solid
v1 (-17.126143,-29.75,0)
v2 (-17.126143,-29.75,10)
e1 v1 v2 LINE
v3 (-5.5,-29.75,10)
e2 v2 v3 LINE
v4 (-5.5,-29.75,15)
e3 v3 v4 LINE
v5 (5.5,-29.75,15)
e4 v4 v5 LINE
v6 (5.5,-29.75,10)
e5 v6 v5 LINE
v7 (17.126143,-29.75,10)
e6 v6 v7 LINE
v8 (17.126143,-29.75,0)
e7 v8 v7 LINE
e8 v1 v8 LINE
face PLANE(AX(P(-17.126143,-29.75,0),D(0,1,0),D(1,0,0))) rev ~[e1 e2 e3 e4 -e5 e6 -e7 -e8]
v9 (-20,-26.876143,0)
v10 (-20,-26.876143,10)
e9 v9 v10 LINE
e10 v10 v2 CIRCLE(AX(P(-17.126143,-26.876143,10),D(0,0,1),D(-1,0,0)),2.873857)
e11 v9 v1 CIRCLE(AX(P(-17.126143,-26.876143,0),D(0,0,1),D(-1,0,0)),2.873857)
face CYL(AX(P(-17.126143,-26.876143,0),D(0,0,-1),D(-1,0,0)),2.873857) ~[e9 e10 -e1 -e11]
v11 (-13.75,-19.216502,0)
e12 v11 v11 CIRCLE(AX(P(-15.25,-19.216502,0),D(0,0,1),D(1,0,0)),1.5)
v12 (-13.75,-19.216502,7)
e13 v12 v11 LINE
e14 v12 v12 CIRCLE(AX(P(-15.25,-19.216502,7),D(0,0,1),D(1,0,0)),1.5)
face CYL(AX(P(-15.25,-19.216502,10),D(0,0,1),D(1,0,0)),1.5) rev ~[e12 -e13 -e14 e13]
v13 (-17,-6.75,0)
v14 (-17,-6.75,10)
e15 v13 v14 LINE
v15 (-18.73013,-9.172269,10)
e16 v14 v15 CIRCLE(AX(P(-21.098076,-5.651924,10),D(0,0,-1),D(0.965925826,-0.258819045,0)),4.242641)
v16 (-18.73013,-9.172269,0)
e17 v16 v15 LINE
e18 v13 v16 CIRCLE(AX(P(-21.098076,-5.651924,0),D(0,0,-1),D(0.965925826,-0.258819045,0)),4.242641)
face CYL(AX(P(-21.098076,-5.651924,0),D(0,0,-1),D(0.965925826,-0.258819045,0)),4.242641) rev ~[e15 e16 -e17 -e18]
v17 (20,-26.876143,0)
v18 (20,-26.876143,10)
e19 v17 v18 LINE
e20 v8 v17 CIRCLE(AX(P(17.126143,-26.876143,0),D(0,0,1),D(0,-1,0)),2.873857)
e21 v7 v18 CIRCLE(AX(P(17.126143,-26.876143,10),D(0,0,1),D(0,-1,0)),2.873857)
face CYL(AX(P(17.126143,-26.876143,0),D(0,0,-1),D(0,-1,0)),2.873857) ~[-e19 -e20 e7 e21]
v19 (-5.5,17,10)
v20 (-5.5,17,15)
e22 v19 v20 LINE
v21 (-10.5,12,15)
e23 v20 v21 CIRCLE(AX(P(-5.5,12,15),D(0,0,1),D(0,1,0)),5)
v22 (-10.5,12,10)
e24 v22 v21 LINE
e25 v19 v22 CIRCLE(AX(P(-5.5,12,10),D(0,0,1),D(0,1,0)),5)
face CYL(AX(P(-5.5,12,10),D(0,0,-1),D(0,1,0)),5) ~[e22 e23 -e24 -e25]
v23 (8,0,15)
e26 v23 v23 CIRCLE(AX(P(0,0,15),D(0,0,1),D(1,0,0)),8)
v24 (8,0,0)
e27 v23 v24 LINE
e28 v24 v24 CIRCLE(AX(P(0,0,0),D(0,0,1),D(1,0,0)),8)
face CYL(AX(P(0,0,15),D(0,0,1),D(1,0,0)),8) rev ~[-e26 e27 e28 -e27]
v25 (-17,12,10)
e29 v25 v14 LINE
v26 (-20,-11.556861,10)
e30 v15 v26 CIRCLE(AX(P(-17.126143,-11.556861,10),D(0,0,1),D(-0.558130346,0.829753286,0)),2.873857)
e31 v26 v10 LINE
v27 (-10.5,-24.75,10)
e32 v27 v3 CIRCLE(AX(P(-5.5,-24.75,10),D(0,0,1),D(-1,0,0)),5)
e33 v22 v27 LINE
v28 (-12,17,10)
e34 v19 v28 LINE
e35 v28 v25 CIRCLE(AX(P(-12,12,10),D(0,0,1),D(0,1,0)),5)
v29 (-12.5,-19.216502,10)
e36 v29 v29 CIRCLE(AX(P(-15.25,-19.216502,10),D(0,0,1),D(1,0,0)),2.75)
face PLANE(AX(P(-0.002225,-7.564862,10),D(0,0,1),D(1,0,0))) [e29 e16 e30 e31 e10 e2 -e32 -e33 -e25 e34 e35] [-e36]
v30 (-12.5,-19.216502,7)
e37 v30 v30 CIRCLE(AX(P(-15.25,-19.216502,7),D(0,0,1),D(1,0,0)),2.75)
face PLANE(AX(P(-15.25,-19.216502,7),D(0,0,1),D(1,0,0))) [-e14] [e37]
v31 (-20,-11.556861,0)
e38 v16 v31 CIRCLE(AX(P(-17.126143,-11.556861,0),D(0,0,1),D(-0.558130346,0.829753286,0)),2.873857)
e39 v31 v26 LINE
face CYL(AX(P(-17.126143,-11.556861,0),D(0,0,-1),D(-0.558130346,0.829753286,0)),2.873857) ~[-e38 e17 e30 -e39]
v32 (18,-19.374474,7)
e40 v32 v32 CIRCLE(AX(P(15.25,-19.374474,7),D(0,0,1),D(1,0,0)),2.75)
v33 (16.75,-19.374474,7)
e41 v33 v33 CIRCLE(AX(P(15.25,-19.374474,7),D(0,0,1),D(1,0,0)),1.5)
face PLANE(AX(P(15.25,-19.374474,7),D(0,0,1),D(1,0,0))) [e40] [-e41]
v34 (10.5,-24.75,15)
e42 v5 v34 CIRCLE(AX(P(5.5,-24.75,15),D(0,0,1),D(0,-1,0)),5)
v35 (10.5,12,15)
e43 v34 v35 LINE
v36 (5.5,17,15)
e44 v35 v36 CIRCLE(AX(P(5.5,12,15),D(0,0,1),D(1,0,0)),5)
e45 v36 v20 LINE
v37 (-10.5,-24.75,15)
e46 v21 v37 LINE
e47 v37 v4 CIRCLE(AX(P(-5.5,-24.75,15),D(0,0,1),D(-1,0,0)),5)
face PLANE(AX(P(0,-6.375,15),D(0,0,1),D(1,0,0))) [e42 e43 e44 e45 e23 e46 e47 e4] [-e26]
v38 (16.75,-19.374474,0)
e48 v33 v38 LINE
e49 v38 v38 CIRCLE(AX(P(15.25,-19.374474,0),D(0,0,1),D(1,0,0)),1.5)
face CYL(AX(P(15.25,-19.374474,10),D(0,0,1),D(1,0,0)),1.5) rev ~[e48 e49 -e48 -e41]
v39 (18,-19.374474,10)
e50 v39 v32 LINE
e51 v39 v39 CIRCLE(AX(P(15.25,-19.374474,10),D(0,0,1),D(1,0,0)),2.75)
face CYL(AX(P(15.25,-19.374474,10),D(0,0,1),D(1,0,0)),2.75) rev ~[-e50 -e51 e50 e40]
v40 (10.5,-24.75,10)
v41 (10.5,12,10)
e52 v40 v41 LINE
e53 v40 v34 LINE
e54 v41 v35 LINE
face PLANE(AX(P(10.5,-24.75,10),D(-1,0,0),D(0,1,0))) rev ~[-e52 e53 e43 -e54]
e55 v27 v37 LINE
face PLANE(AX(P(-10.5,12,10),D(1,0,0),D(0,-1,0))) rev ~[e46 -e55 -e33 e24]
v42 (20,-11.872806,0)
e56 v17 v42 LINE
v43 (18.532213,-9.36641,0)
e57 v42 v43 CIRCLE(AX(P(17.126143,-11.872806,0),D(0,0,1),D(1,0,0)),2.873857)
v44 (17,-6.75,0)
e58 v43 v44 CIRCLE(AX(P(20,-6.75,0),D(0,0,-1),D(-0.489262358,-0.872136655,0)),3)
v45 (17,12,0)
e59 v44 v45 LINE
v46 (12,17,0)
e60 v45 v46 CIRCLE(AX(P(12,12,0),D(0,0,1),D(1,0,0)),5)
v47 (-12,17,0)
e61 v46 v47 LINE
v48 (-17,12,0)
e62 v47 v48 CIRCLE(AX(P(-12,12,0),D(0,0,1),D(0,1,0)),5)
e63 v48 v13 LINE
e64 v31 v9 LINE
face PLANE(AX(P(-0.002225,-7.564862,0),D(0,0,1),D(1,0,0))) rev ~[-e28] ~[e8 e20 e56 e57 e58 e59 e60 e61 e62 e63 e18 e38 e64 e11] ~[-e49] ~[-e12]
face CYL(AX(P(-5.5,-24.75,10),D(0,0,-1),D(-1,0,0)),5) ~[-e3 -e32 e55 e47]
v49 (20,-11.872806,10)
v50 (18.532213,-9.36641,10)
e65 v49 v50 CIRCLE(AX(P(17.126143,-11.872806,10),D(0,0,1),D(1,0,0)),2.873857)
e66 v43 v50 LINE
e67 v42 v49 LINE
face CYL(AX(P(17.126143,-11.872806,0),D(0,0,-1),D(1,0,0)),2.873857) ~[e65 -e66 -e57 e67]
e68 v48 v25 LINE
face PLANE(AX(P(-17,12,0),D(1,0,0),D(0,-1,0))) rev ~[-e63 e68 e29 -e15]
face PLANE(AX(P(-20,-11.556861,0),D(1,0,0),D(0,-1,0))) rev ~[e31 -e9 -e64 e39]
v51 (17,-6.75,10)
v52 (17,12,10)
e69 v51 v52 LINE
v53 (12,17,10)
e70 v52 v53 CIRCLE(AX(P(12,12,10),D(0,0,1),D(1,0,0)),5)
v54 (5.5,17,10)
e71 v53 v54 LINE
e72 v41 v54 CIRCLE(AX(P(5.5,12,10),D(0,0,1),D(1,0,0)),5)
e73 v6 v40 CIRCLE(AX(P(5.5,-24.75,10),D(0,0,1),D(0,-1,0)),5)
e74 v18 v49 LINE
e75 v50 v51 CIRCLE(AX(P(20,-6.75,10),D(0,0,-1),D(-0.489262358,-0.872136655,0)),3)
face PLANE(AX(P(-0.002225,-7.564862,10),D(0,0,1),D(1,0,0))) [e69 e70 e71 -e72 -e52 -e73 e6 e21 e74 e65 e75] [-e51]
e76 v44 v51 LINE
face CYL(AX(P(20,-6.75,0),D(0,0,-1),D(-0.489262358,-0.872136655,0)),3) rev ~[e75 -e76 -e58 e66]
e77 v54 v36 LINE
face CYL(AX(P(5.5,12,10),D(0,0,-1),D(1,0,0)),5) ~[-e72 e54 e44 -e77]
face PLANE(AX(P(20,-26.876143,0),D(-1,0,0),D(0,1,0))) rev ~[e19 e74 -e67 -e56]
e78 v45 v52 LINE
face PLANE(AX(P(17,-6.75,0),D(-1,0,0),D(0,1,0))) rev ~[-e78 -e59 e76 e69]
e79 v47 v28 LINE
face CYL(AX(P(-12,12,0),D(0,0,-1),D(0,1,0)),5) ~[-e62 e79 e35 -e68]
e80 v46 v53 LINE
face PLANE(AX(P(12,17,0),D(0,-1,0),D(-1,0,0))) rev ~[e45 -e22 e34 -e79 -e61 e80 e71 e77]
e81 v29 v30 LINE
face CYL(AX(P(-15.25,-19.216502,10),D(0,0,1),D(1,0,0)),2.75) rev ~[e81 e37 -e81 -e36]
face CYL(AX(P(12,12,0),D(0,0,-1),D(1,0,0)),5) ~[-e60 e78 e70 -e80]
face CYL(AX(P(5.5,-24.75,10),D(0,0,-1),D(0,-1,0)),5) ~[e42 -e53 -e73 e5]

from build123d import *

# Parameters (mm, degrees)
F1_DEPTH  = 10
F3_DEPTH  = 5
F4_R      = 8
F5_DEPTH  = 25
F6_R      = 2.75
F6_R_2    = 1.5
F7_DEPTH  = 3
F8_DEPTH  = 25
F9_R      = 2.75
F9_R_2    = 1.5
F10_DEPTH = 3
F11_DEPTH = 25


with BuildPart() as f1:
    # F0 (on Top) → F1 (new body)
    with BuildSketch(Plane.XY):
        with BuildLine():
            Line((-17.1261427557, -29.75), (17.1261427557, -29.75))
            ThreePointArc((17.1261427557, -29.75), (19.1582667013, -28.9082667013), (20, -26.8761427557))
            Line((20, -26.8761427557), (20, -11.87280621))
            ThreePointArc((20, -11.87280621), (19.6060520694, -10.4205303214), (18.5322129268, -9.3664099655))
            ThreePointArc((18.5322129268, -9.3664099655), (17.4112395611, -8.2660209069), (17, -6.75))
            Line((17, -6.75), (17, 12))
            ThreePointArc((17, 12), (15.5355339059, 15.5355339059), (12, 17))
            Line((12, 17), (-12, 17))
            ThreePointArc((-12, 17), (-15.5355339059, 15.5355339059), (-17, 12))
            Line((-17, 12), (-17, -6.75))
            ThreePointArc((-17, -6.75), (-17.6456554571, -8.1178497679), (-18.730129695, -9.1722688421))
            ThreePointArc((-18.730129695, -9.1722688421), (-19.6627433299, -10.206041959), (-20, -11.5568613354))
            Line((-20, -11.5568613354), (-20, -26.8761427557))
            ThreePointArc((-20, -26.8761427557), (-19.1582667013, -28.9082667013), (-17.1261427557, -29.75))
        make_face()
    extrude(amount=F1_DEPTH)

    # F2 (on face) → F3 (join)
    with BuildSketch(Plane.XY.offset(10)):
        with BuildLine():
            Line((-10.5, 12), (-10.5, -24.75))
            ThreePointArc((-10.5, -24.75), (-9.0355339059, -28.2855339059), (-5.5, -29.75))
            Line((-5.5, -29.75), (5.5, -29.75))
            ThreePointArc((5.5, -29.75), (9.0355339059, -28.2855339059), (10.5, -24.75))
            Line((10.5, -24.75), (10.5, 12))
            ThreePointArc((10.5, 12), (9.0355339059, 15.5355339059), (5.5, 17))
            Line((5.5, 17), (-5.5, 17))
            ThreePointArc((-5.5, 17), (-9.0355339059, 15.5355339059), (-10.5, 12))
        make_face()
    extrude(amount=F3_DEPTH)

    # F4 (on face) → F5 (cut)
    with BuildSketch(Plane.XY.offset(15)):
        Circle(F4_R)
    extrude(amount=-F5_DEPTH, mode=Mode.SUBTRACT)

    # F6 (on face) → F7 (cut)
    with BuildSketch(Plane.XY.offset(10)):
        with Locations((-15.25, -19.2165020456)):
            Circle(F6_R)
        with Locations((-15.25, -19.2165020456)):
            Circle(F6_R_2, mode=Mode.SUBTRACT)
    extrude(amount=-F7_DEPTH, mode=Mode.SUBTRACT)

    # F8 (cut): a face of the model
    f8_faces = [f1.faces().sort_by_distance(p)[0] for p in [
        (-15.25, -19.2165020456, 10),
    ]]
    extrude(f8_faces, amount=-F8_DEPTH, mode=Mode.SUBTRACT)

    # F9 (on face) → F10 (cut)
    with BuildSketch(Plane.XY.offset(10)):
        with Locations((15.25, -19.3744744829)):
            Circle(F9_R)
        with Locations((15.25, -19.3744744829)):
            Circle(F9_R_2, mode=Mode.SUBTRACT)
    extrude(amount=-F10_DEPTH, mode=Mode.SUBTRACT)

    # F11 (cut): a face of the model
    f11_faces = [f1.faces().sort_by_distance(p)[0] for p in [
        (15.25, -19.3744744829, 10),
    ]]
    extrude(f11_faces, amount=-F11_DEPTH, mode=Mode.SUBTRACT)


solid = f1.part
